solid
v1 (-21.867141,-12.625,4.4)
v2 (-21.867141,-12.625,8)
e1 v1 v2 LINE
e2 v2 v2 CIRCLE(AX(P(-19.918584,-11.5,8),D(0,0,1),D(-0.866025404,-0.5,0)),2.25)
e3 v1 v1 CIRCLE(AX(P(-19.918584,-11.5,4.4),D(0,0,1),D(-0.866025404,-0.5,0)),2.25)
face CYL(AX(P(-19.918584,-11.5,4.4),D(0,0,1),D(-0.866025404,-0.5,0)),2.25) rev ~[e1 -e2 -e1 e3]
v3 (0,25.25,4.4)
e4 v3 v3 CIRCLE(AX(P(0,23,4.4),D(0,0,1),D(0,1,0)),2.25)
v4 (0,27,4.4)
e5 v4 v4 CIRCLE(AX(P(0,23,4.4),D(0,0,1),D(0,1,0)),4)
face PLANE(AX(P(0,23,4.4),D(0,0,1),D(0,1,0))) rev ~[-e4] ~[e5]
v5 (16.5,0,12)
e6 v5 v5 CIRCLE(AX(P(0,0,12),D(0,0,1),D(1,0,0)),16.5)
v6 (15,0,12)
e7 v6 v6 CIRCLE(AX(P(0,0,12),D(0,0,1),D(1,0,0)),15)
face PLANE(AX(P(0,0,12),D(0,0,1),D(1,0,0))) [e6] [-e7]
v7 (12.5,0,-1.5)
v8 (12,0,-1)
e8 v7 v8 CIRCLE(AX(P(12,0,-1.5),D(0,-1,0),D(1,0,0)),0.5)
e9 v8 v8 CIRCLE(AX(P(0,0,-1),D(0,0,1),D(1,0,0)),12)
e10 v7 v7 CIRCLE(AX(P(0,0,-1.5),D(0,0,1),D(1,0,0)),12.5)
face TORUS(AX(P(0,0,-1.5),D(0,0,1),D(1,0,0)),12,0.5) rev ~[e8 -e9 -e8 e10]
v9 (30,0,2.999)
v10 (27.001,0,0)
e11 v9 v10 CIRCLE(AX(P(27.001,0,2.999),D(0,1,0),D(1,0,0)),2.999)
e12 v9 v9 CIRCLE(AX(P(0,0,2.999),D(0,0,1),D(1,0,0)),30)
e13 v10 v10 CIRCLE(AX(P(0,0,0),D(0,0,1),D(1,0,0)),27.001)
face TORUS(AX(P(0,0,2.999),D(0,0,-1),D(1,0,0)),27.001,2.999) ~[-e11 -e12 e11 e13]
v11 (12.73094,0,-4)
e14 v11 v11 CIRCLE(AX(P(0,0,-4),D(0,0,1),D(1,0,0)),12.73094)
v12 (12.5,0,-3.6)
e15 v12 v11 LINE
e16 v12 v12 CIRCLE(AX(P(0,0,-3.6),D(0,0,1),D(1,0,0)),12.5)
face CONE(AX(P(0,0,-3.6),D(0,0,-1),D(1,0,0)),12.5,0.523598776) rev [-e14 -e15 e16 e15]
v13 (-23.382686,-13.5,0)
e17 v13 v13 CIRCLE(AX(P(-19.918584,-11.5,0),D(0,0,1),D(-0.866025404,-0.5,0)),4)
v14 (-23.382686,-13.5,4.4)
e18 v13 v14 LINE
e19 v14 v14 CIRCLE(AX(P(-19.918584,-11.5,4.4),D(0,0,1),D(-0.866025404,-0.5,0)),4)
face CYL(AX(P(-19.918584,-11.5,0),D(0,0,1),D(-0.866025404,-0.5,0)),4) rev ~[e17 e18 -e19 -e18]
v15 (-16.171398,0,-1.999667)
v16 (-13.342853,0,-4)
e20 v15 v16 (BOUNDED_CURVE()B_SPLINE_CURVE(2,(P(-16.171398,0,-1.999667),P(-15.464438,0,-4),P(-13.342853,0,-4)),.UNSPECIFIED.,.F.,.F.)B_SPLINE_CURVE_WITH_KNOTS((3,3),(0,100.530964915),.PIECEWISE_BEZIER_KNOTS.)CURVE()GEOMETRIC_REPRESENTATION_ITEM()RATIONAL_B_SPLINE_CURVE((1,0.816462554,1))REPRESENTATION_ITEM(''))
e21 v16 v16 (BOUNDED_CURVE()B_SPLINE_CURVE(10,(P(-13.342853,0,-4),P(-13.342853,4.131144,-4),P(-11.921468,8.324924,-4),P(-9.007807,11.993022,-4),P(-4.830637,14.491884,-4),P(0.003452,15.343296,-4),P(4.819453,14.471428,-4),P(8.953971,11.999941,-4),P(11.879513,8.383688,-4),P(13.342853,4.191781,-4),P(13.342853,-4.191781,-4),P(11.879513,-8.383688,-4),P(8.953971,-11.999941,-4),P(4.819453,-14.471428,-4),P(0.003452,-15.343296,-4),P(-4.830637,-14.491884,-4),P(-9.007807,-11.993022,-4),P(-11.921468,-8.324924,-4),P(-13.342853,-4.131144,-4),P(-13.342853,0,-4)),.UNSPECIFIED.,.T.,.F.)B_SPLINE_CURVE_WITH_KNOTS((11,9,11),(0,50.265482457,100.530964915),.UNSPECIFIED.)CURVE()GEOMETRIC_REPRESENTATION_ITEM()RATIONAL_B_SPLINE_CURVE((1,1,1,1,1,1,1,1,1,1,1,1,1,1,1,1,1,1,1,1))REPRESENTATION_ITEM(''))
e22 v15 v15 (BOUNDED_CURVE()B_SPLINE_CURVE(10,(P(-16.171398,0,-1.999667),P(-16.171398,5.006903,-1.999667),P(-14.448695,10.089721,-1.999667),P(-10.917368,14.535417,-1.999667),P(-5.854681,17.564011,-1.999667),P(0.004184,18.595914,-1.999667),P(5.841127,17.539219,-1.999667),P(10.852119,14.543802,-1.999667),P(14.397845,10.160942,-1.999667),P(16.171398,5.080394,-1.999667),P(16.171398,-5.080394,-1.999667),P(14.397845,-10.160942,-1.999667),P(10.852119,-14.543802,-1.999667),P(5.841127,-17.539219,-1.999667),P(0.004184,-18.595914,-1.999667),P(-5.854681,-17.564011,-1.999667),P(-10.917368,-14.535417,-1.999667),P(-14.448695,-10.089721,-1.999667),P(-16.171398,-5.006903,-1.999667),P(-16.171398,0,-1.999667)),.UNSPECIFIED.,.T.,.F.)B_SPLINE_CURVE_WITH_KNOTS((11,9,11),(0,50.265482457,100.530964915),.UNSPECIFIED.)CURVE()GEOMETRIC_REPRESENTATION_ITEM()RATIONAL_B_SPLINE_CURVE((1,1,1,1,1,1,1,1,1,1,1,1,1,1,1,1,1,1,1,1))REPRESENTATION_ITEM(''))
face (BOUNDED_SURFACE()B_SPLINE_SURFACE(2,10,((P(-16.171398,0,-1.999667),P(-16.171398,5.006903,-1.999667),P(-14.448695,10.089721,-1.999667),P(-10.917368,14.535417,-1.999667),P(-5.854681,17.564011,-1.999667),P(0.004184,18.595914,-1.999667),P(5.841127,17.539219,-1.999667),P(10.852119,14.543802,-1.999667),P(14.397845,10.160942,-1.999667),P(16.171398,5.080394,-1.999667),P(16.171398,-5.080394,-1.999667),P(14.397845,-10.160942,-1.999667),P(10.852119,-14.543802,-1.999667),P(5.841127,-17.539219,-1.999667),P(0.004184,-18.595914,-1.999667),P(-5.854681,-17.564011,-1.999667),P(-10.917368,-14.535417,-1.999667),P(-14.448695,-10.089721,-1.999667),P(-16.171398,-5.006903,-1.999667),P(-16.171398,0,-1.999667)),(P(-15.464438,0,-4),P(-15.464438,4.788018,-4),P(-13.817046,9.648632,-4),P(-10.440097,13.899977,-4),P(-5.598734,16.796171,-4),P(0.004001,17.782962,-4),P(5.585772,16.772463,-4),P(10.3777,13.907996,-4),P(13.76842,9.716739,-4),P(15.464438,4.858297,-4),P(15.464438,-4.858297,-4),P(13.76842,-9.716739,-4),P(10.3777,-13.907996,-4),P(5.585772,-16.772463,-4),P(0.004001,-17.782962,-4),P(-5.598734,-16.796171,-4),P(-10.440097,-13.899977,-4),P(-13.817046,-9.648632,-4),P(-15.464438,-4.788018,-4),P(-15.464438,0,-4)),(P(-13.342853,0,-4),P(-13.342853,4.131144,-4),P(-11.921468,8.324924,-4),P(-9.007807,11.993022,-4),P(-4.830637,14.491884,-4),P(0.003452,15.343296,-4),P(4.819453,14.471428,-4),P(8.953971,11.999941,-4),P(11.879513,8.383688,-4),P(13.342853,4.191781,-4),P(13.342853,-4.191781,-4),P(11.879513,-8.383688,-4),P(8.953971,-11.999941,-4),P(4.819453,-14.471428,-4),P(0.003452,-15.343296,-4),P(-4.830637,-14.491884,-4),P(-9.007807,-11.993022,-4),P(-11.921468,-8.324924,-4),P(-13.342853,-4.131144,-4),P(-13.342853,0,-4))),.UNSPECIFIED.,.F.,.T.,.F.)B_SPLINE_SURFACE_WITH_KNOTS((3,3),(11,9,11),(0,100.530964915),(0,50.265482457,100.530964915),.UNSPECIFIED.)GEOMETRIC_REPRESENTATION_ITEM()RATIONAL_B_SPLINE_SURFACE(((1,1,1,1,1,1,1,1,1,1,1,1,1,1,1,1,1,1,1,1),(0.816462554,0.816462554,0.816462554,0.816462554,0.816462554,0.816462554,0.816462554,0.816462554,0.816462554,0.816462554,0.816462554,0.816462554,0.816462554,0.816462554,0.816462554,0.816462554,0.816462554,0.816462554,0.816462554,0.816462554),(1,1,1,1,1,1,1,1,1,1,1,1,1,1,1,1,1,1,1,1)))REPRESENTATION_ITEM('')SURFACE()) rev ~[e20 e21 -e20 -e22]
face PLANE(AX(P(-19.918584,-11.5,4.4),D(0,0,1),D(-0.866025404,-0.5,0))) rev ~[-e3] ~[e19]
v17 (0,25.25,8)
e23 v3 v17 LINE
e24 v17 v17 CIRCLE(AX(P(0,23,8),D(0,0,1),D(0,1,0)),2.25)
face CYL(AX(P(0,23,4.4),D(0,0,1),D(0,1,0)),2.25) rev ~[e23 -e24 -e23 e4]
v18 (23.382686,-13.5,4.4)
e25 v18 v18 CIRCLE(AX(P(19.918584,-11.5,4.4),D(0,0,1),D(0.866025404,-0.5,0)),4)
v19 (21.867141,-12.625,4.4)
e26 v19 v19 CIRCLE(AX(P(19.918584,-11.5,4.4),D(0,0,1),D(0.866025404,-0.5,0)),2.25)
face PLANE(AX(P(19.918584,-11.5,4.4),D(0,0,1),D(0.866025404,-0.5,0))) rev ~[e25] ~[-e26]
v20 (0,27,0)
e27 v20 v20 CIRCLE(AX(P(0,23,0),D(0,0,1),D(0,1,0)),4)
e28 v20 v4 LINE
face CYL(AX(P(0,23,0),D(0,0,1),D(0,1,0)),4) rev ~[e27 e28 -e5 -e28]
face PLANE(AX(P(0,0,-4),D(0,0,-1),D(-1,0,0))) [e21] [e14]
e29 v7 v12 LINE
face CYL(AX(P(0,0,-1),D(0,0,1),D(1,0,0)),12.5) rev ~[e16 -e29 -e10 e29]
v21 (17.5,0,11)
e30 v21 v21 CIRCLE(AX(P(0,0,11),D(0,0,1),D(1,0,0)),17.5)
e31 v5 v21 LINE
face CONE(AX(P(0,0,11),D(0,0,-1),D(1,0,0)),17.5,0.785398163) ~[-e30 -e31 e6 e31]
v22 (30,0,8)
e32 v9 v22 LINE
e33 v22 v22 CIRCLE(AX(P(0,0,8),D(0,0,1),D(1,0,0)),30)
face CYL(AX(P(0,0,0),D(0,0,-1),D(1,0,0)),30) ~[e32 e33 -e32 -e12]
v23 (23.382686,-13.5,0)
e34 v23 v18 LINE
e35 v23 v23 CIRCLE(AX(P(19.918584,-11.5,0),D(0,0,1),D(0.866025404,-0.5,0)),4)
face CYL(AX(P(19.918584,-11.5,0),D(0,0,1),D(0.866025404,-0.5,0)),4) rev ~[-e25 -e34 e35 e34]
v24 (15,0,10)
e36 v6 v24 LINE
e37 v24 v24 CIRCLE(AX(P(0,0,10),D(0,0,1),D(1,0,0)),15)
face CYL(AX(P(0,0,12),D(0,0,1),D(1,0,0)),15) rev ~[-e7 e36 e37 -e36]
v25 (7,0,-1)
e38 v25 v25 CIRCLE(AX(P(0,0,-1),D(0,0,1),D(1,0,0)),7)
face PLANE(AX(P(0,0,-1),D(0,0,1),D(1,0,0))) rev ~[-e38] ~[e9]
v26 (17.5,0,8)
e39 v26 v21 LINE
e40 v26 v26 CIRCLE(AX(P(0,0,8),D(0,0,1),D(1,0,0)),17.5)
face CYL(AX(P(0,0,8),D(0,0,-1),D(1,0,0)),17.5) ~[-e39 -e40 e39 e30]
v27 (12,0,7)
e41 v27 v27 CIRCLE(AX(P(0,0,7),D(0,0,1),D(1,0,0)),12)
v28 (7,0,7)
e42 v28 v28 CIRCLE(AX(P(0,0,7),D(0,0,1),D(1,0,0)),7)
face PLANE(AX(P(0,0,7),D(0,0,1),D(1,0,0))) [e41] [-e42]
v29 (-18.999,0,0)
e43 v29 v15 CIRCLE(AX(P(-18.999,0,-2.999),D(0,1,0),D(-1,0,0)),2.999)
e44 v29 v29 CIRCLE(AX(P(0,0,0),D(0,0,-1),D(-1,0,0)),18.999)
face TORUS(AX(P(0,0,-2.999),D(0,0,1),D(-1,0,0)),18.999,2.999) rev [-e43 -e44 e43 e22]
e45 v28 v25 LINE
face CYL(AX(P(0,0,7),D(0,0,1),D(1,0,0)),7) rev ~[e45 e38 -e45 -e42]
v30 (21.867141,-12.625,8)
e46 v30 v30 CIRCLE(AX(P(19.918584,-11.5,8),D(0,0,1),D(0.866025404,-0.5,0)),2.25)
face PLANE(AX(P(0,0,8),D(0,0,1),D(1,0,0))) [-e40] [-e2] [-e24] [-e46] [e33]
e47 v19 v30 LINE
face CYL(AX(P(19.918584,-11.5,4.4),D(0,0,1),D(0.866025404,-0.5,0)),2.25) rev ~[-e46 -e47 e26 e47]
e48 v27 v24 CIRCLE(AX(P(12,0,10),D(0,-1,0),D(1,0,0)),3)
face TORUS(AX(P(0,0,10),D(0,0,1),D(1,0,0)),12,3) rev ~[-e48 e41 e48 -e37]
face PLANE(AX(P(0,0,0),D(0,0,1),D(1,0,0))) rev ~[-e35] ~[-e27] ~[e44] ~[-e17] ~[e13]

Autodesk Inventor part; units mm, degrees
ref_plane "YZ Plane" through (0, 0, 0) normal (1, 0, 0) x (0, 1, 0)
ref_plane "XZ Plane" through (0, 0, 0) normal (0, 1, 0) x (-1, 0, 0)
ref_plane "XY Plane" through (0, 0, 0) normal (0, 0, 1) x (1, 0, 0)
sketch "스케치1" plane through (0, 0, 0) normal (0, 0, 1) x (1, 0, 0)
  circle A0 centre (0, 0) radius 30
  dimension "d0" = 60
extrude "돌출1" add sketch "스케치1" along normal blind 8
sketch "스케치2" plane through (0, 0, 8) normal (0, 0, 1) x (1, 0, 0)
  circle A0 centre (0, 0) radius 17.5
  dimension "d3" = 35
extrude "돌출2" add sketch "스케치2" along normal blind 4
sketch "스케치3" plane through (0, 0, 0) normal (0, 0, -1) x (-1, 0, 0)
  circle A0 centre (0, 0) radius 16
  dimension "d6" = 32
extrude "돌출3" add sketch "스케치3" along normal blind 4
sketch "스케치4" plane through (0, 0, 12) normal (0, 0, 1) x (1, 0, 0)
  circle A0 centre (0, 0) radius 15
  dimension "d9" = 30
extrude "돌출4" cut sketch "스케치4" against normal blind 5
sketch "스케치5" plane through (0, 0, 7) normal (0, 0, 1) x (1, 0, 0)
  circle A0 centre (0, 0) radius 7
  dimension "d12" = 14
extrude "돌출5" cut sketch "스케치5" against normal blind 8
sketch "스케치6" plane through (0, 0, -1) normal (0, 0, 1) x (1, 0, 0)
  circle A0 centre (0, 0) radius 12.5
  dimension "d15" = 25
extrude "돌출6" cut sketch "스케치6" against normal up to next
sketch "스케치7" plane through (0, 0, 0) normal (0, 0, -1) x (-1, 0, 0)
  circle A0 centre (0, 23) radius 2.25
  point P0 (0, 0)
  dimension "d18" = 4.5
  dimension "d19" = 23
hole "구멍1" at (0, 23, 0) direction (0, 0, 1) diameter 4.5 end through all counterbore diameter 8 counterbore depth 4.4
pattern_circular "원형 패턴1" count 3 over 360 about axis through (0, 0, 0) along (0, 0, 1) of "구멍1"
chamfer "모따기1" distance 0.4 angle 30 1 edges at (-12.5, 0, -4) measured on face at (12.4595, -1.0058, -3)
fillet "모깎기1" radius 0.5 1 edges at (-12.5, 0, -1)
chamfer "모따기2" distance 1 angle 45 1 edges at (-17.5, 0, 12)
fillet "모깎기2" radius 3 4 edges at (-30, 0, 0) (16, 0, 0) (16, 0, -4) (-15, 0, 7)
properties part number "2강2"
